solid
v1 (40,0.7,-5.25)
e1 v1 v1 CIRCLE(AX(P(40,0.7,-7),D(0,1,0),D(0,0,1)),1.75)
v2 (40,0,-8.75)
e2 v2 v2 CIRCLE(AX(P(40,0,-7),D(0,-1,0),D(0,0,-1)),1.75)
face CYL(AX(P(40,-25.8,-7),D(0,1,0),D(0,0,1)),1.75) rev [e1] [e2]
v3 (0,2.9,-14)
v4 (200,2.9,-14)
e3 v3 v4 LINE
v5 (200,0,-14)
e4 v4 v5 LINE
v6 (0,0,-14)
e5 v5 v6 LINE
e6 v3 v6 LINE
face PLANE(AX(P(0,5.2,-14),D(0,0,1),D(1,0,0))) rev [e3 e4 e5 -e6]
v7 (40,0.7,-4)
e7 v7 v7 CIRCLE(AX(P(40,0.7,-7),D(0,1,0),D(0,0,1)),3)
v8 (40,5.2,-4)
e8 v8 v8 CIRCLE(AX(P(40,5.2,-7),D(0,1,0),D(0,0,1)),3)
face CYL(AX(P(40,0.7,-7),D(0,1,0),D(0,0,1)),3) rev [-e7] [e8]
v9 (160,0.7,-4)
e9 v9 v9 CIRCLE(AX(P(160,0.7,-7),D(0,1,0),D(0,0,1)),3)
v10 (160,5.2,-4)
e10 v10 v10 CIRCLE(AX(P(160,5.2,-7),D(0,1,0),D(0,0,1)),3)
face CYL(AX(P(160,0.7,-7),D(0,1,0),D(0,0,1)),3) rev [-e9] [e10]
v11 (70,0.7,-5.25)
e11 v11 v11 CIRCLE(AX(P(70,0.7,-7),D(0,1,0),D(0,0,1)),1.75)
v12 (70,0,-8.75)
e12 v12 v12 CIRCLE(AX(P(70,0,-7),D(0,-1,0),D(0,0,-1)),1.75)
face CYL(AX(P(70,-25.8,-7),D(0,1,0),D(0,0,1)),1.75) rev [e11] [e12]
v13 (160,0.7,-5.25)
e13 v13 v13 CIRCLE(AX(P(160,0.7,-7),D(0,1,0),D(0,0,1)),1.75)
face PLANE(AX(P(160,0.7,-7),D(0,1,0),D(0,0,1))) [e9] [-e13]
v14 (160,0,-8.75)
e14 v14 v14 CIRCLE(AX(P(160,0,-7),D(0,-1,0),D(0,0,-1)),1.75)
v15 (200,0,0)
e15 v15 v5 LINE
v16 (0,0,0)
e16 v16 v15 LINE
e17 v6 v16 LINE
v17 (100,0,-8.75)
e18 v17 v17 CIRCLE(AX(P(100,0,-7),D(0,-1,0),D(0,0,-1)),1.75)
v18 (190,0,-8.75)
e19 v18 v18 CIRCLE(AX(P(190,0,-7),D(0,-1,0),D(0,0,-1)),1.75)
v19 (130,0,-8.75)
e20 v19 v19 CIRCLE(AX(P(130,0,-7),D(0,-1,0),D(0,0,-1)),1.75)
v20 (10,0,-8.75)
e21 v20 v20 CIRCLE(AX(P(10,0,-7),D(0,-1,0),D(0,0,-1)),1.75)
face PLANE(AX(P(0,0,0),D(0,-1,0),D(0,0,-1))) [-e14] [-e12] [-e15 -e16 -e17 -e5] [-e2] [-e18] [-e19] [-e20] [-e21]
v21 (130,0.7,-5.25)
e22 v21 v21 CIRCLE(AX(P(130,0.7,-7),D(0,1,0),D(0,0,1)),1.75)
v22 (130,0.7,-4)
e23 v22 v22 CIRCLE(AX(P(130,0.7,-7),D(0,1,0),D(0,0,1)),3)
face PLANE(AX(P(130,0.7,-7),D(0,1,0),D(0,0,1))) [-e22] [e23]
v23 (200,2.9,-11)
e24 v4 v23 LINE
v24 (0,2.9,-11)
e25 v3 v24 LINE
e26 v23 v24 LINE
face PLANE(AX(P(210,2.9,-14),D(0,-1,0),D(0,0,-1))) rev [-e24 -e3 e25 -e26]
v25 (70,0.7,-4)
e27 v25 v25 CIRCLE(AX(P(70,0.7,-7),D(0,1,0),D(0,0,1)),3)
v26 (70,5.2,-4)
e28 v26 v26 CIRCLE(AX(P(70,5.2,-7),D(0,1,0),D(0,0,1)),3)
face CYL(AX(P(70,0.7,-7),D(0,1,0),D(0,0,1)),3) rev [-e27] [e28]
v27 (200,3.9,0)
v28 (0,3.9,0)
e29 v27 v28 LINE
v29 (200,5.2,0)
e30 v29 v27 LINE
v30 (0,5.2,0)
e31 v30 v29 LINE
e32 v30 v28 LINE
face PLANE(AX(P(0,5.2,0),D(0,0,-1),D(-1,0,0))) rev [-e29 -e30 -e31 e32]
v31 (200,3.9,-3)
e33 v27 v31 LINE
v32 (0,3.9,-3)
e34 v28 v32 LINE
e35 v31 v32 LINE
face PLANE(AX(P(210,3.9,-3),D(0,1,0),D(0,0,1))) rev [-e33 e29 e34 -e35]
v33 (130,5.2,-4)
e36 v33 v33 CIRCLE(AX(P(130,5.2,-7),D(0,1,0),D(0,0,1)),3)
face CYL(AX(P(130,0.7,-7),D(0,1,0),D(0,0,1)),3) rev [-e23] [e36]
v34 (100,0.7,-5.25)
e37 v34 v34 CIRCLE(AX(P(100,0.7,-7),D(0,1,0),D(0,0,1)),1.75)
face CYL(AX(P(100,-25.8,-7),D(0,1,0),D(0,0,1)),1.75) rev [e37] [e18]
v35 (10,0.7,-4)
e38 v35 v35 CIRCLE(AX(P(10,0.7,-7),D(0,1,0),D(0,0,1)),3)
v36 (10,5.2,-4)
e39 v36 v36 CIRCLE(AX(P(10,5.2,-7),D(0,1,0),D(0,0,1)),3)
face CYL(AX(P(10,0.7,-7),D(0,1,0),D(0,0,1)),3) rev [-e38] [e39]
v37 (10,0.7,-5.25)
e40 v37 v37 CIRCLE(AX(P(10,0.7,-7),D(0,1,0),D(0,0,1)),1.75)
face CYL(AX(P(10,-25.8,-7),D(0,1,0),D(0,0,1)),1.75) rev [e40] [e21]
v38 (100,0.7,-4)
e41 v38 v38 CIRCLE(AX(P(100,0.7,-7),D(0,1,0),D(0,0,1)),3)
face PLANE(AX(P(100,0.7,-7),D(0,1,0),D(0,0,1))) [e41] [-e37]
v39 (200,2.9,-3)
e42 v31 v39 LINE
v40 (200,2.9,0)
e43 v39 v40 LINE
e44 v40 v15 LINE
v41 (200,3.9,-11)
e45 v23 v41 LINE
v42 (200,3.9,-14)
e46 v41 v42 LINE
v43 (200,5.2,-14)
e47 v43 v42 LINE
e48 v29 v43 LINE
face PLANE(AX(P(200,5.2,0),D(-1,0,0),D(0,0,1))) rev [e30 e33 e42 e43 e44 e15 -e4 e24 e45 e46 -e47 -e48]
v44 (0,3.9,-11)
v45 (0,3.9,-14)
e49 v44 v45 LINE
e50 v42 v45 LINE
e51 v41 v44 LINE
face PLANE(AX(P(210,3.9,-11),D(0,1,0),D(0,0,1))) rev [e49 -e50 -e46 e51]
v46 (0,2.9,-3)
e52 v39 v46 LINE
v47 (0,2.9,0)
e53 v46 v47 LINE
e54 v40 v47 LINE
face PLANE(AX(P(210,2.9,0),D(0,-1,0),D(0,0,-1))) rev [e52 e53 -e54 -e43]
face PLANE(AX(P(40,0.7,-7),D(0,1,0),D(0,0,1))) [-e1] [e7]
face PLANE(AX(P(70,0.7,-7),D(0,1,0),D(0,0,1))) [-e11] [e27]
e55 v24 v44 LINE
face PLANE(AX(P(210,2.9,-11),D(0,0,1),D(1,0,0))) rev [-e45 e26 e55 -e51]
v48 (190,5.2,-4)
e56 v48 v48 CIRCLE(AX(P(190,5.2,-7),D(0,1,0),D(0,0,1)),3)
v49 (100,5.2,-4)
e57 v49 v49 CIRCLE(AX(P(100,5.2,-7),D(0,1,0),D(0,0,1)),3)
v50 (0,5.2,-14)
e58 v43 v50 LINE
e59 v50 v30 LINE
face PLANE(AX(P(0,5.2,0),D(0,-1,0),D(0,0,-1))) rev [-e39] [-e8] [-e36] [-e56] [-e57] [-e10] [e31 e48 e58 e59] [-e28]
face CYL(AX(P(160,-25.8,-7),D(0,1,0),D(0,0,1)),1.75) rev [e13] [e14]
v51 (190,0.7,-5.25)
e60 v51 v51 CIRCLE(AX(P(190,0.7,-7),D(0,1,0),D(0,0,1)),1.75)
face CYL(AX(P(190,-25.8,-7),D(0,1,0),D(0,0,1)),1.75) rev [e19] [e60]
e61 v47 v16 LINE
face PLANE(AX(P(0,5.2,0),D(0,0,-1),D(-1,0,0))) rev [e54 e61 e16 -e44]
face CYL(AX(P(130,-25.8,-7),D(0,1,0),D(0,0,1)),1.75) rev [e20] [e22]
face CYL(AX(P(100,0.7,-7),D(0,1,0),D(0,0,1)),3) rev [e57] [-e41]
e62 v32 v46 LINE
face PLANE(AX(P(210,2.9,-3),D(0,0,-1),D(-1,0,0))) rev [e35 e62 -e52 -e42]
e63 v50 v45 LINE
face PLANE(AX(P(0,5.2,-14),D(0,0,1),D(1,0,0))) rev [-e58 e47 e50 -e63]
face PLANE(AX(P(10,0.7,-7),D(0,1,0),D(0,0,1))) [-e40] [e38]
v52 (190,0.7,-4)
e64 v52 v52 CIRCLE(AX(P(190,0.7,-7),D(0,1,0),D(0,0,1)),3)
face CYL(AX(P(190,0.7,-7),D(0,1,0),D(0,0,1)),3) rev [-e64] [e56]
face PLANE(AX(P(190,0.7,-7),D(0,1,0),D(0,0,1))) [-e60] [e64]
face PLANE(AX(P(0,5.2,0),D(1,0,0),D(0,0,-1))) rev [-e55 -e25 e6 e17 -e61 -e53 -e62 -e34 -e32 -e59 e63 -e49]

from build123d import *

# Parameters (mm, degrees)
SKETCH_1_W             = 200
SKETCH_1_H             = 14
EXTRUDE_1_DEPTH        = 5.2
SKETCH_2_W             = 3
SKETCH_2_H             = 1
CUT_EXTRUDE_1_DEPTH    = 210
SKETCH_3_R             = 1.75
CUT_EXTRUDE_2_DEPTH    = 31
SKETCH_3_3_R           = 3
SKETCH_3_3_R_2         = 1.75
CUT_EXTRUDE_3_DEPTH    = 4.5
PATTERN_LINEAR_1_COUNT = 7
PATTERN_LINEAR_1_PITCH = 30


with BuildPart() as part:
    # 草图1 → 凸台-拉伸1 (new body)
    with BuildSketch(Plane(origin=(0, 0, 0), x_dir=(1, 0, 0), z_dir=(0, 1, 0))):
        with Locations((100, 7)):
            Rectangle(SKETCH_1_W, SKETCH_1_H)
    extrude(amount=EXTRUDE_1_DEPTH)

    # 草图2 → 切除-拉伸1 (cut)
    with BuildSketch(Plane.ZY):
        with Locations((-12.5, 3.4)):
            Rectangle(SKETCH_2_W, SKETCH_2_H)
        with Locations((-1.5, 3.4)):
            Rectangle(SKETCH_2_W, SKETCH_2_H)
    extrude(amount=-CUT_EXTRUDE_1_DEPTH, mode=Mode.SUBTRACT)

    # 草图3 → 切除-拉伸2 (cut)
    with BuildSketch(Plane(origin=(0, 5.2, 0), x_dir=(1, 0, 0), z_dir=(0, 1, 0))):
        with Locations((10, 7)):
            Circle(SKETCH_3_R)
    cut_extrude_2 = extrude(amount=-CUT_EXTRUDE_2_DEPTH, mode=Mode.SUBTRACT)

    # 草图3<3> → 切除-拉伸3 (cut)
    with BuildSketch(Plane(origin=(0, 5.2, 0), x_dir=(1, 0, 0), z_dir=(0, 1, 0))):
        with Locations((10, 7)):
            Circle(SKETCH_3_3_R)
        with Locations((10, 7)):
            Circle(SKETCH_3_3_R_2, mode=Mode.SUBTRACT)
    cut_extrude_3 = extrude(amount=-CUT_EXTRUDE_3_DEPTH, mode=Mode.SUBTRACT)

    # 阵列(线性)1: 切除-拉伸2, 切除-拉伸3 ×7
    with Locations(*[(i * PATTERN_LINEAR_1_PITCH, 0, 0) for i in range(1, PATTERN_LINEAR_1_COUNT)]):
        add(cut_extrude_2, mode=Mode.SUBTRACT)
        add(cut_extrude_3, mode=Mode.SUBTRACT)


solid = part.part
